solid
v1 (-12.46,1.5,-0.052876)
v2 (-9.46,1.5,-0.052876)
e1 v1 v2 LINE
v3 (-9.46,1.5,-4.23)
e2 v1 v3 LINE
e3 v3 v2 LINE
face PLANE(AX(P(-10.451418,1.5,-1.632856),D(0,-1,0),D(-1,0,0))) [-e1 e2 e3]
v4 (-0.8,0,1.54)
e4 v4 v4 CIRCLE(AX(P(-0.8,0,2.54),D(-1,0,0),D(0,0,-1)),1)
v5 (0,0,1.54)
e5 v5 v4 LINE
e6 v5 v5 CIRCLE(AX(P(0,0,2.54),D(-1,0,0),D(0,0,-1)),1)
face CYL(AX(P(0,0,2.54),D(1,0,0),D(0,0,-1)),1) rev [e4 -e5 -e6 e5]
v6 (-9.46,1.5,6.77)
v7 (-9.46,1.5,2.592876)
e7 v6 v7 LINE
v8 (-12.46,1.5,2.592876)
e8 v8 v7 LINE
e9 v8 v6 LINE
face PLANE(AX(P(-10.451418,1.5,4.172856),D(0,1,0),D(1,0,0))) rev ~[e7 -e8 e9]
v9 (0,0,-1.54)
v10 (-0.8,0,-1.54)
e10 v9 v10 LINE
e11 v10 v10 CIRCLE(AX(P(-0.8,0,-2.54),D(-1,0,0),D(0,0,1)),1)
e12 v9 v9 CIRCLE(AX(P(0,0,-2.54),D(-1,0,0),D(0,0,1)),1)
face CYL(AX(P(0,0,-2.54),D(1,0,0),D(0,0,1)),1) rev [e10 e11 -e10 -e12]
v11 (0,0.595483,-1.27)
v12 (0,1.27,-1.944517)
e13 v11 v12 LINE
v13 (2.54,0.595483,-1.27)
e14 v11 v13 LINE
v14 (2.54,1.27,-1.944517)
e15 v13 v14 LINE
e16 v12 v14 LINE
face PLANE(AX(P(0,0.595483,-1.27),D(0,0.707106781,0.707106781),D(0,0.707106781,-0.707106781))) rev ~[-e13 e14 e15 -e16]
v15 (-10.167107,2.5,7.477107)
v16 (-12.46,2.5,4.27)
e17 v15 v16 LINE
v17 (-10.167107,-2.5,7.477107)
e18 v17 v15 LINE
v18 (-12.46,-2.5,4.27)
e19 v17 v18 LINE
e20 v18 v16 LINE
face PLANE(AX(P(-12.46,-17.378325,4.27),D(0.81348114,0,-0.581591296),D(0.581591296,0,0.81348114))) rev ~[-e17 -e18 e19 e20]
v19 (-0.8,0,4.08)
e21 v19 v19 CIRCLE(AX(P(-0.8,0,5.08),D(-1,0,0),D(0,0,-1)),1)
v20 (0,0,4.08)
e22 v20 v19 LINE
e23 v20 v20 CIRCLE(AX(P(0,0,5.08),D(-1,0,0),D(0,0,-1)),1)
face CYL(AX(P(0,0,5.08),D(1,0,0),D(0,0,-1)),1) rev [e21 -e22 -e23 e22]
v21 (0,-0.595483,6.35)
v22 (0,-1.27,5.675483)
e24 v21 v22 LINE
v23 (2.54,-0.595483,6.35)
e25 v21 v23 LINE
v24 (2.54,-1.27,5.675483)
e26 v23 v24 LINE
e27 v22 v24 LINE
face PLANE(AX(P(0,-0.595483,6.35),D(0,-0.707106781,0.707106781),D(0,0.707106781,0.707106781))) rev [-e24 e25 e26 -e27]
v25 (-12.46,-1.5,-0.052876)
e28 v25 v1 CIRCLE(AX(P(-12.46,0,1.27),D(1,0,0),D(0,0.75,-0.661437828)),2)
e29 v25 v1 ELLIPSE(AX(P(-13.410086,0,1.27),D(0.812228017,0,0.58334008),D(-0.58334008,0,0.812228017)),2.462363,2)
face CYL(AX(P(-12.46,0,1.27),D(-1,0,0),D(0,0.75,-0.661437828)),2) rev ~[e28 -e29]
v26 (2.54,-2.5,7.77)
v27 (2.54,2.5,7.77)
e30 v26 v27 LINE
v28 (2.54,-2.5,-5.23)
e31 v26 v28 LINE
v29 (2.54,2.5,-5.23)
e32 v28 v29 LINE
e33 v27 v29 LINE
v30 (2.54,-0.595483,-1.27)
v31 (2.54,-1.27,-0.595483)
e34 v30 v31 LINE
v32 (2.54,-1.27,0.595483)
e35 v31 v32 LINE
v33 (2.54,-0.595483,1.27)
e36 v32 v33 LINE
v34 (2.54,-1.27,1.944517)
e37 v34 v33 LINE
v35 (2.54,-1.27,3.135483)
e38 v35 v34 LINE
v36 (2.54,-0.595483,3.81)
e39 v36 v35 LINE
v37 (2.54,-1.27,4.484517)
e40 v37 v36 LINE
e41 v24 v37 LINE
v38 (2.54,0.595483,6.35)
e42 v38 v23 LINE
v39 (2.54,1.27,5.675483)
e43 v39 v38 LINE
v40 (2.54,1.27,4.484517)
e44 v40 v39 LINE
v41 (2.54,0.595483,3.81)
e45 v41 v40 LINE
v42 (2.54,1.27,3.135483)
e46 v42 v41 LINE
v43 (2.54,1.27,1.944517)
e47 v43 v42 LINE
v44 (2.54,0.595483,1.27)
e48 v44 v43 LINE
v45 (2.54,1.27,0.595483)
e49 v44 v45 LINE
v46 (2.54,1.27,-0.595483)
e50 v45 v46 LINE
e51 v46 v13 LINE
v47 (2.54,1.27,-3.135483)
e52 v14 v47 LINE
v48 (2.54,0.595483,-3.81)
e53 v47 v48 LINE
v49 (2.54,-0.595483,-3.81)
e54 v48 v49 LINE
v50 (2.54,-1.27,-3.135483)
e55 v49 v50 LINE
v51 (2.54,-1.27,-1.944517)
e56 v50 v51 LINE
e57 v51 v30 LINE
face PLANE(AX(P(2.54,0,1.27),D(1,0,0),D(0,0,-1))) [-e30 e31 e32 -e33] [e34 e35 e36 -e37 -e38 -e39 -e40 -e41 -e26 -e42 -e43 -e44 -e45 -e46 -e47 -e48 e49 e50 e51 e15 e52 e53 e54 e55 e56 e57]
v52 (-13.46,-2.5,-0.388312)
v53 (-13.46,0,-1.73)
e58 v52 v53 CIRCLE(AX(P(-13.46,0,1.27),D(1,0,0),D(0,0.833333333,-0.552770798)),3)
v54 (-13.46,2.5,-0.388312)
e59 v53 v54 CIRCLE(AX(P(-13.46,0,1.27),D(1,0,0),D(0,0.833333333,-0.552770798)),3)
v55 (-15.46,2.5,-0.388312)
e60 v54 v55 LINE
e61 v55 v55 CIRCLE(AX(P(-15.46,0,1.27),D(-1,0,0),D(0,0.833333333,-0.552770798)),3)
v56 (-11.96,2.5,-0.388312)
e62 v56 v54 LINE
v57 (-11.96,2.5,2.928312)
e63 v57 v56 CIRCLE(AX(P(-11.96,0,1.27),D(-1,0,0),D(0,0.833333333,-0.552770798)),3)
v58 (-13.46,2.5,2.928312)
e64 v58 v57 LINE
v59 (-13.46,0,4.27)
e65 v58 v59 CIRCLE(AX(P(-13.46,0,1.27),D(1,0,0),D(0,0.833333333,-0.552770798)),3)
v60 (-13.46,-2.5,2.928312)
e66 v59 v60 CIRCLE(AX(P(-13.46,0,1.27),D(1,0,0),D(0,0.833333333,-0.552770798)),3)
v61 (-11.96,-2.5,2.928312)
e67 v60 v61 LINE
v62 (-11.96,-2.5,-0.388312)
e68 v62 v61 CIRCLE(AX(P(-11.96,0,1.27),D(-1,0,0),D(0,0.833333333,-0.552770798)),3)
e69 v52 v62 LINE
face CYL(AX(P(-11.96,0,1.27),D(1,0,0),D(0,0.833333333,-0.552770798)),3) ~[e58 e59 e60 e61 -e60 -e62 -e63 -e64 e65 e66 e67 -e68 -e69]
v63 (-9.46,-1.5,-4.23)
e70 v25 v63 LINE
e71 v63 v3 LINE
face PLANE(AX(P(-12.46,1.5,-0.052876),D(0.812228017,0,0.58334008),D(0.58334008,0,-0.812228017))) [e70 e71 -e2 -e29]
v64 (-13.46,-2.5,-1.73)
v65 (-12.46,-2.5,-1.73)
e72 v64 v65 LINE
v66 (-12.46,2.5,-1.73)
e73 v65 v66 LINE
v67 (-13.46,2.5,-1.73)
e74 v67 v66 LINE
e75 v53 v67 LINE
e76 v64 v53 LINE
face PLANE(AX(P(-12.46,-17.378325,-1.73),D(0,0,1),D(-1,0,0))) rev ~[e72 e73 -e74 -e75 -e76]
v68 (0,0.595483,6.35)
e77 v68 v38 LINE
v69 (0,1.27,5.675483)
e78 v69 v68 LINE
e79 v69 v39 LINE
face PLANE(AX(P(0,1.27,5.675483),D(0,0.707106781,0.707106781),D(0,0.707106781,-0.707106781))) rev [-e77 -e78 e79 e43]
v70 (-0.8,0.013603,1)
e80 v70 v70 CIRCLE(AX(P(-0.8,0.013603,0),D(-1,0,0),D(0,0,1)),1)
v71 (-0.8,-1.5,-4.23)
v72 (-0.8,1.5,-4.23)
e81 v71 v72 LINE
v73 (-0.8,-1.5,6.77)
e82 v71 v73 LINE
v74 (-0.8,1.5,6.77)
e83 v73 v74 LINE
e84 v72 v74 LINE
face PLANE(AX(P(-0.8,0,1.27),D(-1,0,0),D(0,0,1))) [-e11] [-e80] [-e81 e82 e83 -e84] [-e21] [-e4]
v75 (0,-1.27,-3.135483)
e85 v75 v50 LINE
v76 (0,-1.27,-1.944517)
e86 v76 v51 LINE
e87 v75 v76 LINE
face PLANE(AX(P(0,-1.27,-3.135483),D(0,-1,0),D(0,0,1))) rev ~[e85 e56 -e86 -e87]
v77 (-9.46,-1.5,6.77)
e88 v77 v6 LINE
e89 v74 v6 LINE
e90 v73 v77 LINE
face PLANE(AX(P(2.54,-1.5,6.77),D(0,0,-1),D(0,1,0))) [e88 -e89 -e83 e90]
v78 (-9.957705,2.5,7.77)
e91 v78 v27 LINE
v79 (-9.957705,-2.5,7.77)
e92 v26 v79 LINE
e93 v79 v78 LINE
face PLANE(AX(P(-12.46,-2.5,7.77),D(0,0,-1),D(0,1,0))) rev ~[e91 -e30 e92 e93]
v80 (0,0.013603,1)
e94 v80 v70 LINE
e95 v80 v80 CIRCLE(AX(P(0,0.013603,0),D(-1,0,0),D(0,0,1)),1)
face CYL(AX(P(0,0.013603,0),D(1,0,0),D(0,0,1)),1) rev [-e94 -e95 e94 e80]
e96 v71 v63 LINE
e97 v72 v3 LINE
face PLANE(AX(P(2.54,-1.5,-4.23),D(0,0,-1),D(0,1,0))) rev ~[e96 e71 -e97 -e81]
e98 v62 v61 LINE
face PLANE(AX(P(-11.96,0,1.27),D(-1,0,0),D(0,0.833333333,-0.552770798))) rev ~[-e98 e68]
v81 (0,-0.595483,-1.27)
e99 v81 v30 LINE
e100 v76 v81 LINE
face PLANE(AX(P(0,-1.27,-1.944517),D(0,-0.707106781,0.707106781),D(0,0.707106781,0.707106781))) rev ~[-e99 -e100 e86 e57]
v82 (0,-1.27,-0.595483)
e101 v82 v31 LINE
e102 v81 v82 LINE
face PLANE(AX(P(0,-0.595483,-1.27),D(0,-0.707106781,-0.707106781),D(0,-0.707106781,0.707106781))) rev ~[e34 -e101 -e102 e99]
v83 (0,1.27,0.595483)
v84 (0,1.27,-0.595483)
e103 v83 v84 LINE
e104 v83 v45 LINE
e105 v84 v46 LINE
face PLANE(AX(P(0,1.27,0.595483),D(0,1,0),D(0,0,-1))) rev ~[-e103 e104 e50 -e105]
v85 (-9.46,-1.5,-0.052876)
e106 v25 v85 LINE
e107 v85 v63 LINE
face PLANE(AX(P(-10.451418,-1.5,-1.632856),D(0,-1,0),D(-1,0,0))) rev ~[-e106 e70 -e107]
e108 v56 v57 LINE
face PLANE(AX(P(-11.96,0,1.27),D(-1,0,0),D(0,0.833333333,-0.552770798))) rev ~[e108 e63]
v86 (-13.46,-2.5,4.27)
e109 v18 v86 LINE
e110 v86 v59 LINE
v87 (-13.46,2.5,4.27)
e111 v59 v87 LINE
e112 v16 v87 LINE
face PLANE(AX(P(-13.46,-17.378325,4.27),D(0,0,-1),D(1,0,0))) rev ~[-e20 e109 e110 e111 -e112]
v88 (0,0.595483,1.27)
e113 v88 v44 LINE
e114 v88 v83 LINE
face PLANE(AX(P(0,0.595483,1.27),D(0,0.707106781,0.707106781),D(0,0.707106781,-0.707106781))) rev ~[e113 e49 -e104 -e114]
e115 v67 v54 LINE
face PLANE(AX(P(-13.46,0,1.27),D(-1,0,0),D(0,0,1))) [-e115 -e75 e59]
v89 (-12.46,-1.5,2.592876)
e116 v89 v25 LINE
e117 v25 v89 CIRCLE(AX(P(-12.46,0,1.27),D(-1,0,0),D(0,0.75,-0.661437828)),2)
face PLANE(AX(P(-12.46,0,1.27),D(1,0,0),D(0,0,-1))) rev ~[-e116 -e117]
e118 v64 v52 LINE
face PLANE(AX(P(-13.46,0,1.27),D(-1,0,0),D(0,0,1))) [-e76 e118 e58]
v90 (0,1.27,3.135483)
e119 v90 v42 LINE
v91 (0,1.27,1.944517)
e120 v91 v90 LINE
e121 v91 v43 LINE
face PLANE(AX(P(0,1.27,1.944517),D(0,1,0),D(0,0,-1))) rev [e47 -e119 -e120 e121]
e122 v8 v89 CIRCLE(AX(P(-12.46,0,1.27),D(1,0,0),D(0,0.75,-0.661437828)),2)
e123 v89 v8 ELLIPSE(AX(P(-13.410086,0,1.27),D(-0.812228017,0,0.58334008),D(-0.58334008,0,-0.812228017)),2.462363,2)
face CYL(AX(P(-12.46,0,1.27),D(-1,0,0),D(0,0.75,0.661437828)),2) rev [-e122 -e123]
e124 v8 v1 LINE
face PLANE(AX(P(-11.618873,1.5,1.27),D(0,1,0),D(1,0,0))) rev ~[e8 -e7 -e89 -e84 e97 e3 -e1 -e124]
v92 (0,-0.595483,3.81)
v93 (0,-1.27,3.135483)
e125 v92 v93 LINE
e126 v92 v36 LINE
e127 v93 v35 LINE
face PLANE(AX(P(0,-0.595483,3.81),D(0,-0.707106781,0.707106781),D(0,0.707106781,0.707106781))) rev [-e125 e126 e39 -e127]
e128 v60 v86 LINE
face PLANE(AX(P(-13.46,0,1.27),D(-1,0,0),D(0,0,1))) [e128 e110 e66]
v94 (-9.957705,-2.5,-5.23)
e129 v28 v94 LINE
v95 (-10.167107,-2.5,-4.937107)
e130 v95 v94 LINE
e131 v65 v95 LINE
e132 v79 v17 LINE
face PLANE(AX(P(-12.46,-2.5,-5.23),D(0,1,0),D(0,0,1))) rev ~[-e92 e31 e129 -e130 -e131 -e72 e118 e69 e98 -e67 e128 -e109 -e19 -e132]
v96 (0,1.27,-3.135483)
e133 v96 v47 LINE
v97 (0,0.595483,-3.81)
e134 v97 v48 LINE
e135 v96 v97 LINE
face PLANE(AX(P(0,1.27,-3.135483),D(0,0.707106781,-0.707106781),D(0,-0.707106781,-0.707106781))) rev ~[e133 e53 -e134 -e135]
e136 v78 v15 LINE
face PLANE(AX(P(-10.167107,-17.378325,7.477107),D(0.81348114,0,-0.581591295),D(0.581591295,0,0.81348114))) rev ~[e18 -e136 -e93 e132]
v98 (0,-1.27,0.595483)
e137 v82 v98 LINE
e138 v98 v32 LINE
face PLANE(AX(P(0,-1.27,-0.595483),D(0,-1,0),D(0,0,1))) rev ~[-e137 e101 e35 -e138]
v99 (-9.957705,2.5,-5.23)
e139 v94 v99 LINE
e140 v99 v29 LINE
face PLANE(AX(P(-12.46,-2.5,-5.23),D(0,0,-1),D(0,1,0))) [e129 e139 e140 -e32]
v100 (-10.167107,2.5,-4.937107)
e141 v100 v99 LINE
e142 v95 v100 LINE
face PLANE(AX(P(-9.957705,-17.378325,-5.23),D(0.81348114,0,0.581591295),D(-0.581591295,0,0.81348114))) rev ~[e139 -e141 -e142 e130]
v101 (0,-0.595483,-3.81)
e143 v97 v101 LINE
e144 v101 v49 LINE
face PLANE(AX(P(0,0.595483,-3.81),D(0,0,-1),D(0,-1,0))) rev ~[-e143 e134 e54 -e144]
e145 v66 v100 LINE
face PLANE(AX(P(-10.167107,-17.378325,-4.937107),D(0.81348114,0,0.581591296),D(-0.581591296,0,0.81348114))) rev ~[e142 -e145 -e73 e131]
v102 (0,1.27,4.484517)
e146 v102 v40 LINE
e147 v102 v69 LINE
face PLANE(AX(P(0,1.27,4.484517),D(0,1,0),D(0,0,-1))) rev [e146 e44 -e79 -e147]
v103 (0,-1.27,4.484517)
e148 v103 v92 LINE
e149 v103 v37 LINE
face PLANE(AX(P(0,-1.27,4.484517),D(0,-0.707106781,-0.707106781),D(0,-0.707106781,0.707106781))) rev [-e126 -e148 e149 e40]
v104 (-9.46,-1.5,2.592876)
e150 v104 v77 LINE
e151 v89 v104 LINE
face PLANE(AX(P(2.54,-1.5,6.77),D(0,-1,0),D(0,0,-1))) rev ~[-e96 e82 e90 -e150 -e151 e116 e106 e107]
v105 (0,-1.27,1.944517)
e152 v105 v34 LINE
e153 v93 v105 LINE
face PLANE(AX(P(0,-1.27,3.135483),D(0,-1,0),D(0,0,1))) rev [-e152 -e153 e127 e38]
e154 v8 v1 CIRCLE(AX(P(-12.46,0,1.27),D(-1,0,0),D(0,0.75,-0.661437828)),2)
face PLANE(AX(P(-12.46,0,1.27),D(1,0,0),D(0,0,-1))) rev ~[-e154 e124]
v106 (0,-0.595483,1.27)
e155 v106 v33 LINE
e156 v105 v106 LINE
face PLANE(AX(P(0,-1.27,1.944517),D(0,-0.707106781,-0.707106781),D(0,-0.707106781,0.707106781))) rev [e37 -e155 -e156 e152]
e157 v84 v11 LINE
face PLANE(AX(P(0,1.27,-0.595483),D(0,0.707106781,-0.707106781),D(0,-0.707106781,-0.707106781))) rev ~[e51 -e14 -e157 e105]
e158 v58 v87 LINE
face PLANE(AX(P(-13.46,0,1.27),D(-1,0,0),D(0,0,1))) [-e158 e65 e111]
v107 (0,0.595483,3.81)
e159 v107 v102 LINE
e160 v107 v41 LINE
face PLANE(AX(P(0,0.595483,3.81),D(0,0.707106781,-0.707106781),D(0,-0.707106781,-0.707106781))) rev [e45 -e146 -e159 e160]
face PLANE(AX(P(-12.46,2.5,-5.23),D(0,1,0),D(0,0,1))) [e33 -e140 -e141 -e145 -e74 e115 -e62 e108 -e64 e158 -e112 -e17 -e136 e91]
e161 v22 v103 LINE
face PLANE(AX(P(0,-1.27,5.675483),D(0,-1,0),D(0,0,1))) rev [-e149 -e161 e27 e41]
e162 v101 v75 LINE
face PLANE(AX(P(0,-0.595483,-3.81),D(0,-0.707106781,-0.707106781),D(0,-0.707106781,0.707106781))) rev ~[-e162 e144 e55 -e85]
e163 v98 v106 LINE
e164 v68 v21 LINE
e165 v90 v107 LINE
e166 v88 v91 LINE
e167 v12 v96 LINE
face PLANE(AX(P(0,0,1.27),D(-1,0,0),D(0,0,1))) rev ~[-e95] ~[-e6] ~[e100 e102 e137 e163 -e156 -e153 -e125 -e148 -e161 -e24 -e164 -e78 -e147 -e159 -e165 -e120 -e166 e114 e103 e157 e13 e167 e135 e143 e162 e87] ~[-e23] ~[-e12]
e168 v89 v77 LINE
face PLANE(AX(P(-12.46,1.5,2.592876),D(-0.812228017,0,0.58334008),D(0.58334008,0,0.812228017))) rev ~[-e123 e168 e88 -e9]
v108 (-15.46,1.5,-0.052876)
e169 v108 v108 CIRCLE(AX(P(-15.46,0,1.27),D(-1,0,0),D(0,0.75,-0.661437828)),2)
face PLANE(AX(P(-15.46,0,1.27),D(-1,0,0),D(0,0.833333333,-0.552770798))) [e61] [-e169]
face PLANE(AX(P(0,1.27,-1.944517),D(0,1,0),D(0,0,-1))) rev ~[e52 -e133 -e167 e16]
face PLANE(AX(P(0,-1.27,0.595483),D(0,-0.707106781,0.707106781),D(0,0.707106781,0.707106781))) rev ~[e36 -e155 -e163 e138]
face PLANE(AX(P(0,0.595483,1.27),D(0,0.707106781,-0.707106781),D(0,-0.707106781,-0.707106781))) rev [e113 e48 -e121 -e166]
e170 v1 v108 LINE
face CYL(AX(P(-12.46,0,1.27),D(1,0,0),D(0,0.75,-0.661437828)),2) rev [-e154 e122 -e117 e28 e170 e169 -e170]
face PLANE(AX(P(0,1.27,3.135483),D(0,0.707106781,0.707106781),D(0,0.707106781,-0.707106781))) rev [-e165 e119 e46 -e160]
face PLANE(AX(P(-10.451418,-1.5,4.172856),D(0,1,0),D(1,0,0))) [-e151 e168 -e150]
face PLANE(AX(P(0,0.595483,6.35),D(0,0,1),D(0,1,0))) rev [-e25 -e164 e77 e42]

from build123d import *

# Parameters (mm, degrees)
CROQUIS1_W                     = 0.64
CROQUIS1_H                     = 0.64
SALIENTE_EXTRUIR1_DEPTH        = 2.54
SALIENTE_EXTRUIR2_DEPTH        = 8.54
SALIENTE_EXTRUIR2_DEPTH_BACK   = 3
CROQUIS3_W                     = 0.64
CROQUIS3_H                     = 0.64
SALIENTE_EXTRUIR2_2_DEPTH      = 8.54
SALIENTE_EXTRUIR2_2_DEPTH_BACK = 3
CHAFL_N1_SIZE                  = 0.2
CHAFL_N2_SIZE                  = 0.2
CROQUIS1_4_W                   = 11
CROQUIS1_4_H                   = 3
BOSS_EXTRUDE6_DEPTH            = 2.54
SKETCH6_W                      = 11
SKETCH6_H                      = 3
SKETCH6_R                      = 1
BOSS_EXTRUDE11_DEPTH           = 0.8
SKETCH7_W                      = 13
SKETCH7_H                      = 5
SKETCH7_W_2                    = 11
SKETCH7_H_2                    = 3
BOSS_EXTRUDE12_DEPTH           = 15
SKETCH8_W                      = 13
SKETCH8_H                      = 5
SKETCH8_R                      = 2
BOSS_EXTRUDE13_DEPTH           = 1
BOSS_EXTRUDE15_DEPTH           = 2
BOSS_EXTRUDE15_DEPTH_BACK      = 1.5
SKETCH9_R                      = 3
SKETCH9_R_2                    = 2
SKETCH10_W                     = 0.5
SKETCH10_H                     = 1.275200555
CUT_EXTRUDE2_DEPTH             = 3
BOSS_EXTRUDE20_DEPTH           = 3
CUT_EXTRUDE3_DEPTH             = 3
CUT_EXTRUDE5_DEPTH             = 18.878324866
CUT_EXTRUDE5_DEPTH_BACK        = 18.878324866


with BuildPart() as part:
    # Croquis1 → Saliente-Extruir1 (new body)
    # profile 1 of 2: a face of its own
    with BuildSketch(Plane(origin=(0, 0, 0), x_dir=(0, 0, -1), z_dir=(1, 0, 0))):
        Polygon((1.27, 0.595482683), (1.27, -0.595482683), (0.595482683, -1.27), (-0.595482683, -1.27), (-1.27, -0.595482683), (-1.27, 0.595482683), (-0.595482683, 1.27), (0.595482683, 1.27), align=None)
        Rectangle(CROQUIS1_W, CROQUIS1_H, mode=Mode.SUBTRACT)
    # profile 2 of 2: a face of its own
    with BuildSketch(Plane(origin=(0, 0, 0), x_dir=(0, 0, -1), z_dir=(1, 0, 0))):
        Polygon((3.135482683, 1.27), (3.81, 0.595482683), (3.81, -0.595482683), (3.135482683, -1.27), (1.944517317, -1.27), (1.27, -0.595482683), (1.27, 0.595482683), (1.944517317, 1.27), align=None)
        with Locations((2.54, 0)):
            Rectangle(CROQUIS1_W, CROQUIS1_H, mode=Mode.SUBTRACT)
    extrude(amount=SALIENTE_EXTRUIR1_DEPTH)

    # Mirror5: part across plane


with BuildPart() as body_2:
    # Croquis3 → Saliente-Extruir2 (new, two sides: drawn at the far end of the back side and taken through both)
    with BuildSketch(Plane(origin=(0, 0, 0), x_dir=(0, 0, -1), z_dir=(1, 0, 0)).offset(-SALIENTE_EXTRUIR2_DEPTH_BACK)):
        Rectangle(CROQUIS3_W, CROQUIS3_H)
    extrude(amount=SALIENTE_EXTRUIR2_DEPTH + SALIENTE_EXTRUIR2_DEPTH_BACK)

    # Chaflán1
    chafl_n1_edges = [body_2.edges().sort_by_distance(p)[0] for p in [
        (-3, 0, -0.32),
        (8.54, 0, 0.32),
        (8.54, -0.32, 0),
        (-3, 0.32, 0),
        (8.54, 0, -0.32),
        (8.54, 0.32, 0),
        (-3, 0, 0.32),
        (-3, -0.32, 0),
    ]]
    chamfer(chafl_n1_edges, length=CHAFL_N1_SIZE)


with BuildPart() as body_3:
    # Croquis3 → Saliente-Extruir2 2 (new, two sides: drawn at the far end of the back side and taken through both)
    with BuildSketch(Plane(origin=(0, 0, 0), x_dir=(0, 0, -1), z_dir=(1, 0, 0)).offset(-SALIENTE_EXTRUIR2_2_DEPTH_BACK)):
        with Locations((2.54, 0)):
            Rectangle(CROQUIS3_W, CROQUIS3_H)
    extrude(amount=SALIENTE_EXTRUIR2_2_DEPTH + SALIENTE_EXTRUIR2_2_DEPTH_BACK)

    # Chaflán2
    chafl_n2_edges = [body_3.edges().sort_by_distance(p)[0] for p in [
        (-3, 0, -2.86),
        (8.54, 0, -2.22),
        (8.54, -0.32, -2.54),
        (-3, 0.32, -2.54),
        (8.54, 0, -2.86),
        (8.54, 0.32, -2.54),
        (-3, 0, -2.22),
        (-3, -0.32, -2.54),
    ]]
    chamfer(chafl_n2_edges, length=CHAFL_N2_SIZE)


with BuildPart() as body_4:
    # Mirror3: mirrored copy
    add(body_2.part.mirror(Plane(origin=(2.54, 0, 1.27), x_dir=(1, 0, 0), z_dir=(0, 0, -1))))


with BuildPart() as body_5:
    # Mirror3 2: mirrored copy
    add(body_3.part.mirror(Plane(origin=(2.54, 0, 1.27), x_dir=(1, 0, 0), z_dir=(0, 0, -1))))


with BuildPart() as part_1:
    add(part.part)
    add(part.part.mirror(Plane(origin=(2.54, 0, 1.27), x_dir=(1, 0, 0), z_dir=(0, 0, -1))))


with BuildPart() as body_6:
    # Croquis1<4> → Boss-Extrude6 (new body)
    with BuildSketch(Plane(origin=(0, 0, 0), x_dir=(0, 0, -1), z_dir=(1, 0, 0))):
        with Locations((-1.27, 0)):
            Rectangle(CROQUIS1_4_W, CROQUIS1_4_H)
        Polygon((1.944517317, 1.27), (3.135482683, 1.27), (3.81, 0.595482683), (3.81, -0.595482683), (3.135482683, -1.27), (1.944517317, -1.27), (1.27, -0.595482683), (0.595482683, -1.27), (-0.595482683, -1.27), (-1.27, -0.595482683), (-1.27, 0.595482683), (-0.595482683, 1.27), (0.595482683, 1.27), (1.27, 0.595482683), align=None, mode=Mode.SUBTRACT)
    extrude(amount=BOSS_EXTRUDE6_DEPTH)

    # Combine5: cut body 2, body 3, body 4, body 5, part
    add(body_2.part, mode=Mode.SUBTRACT)
    add(body_3.part, mode=Mode.SUBTRACT)
    add(body_4.part, mode=Mode.SUBTRACT)
    add(body_5.part, mode=Mode.SUBTRACT)
    add(part_1.part, mode=Mode.SUBTRACT)

    # Sketch6 → Boss-Extrude11 (add)
    with BuildSketch(Plane.ZY):
        with Locations((1.27, 0)):
            Rectangle(SKETCH6_W, SKETCH6_H)
        with Locations((-2.54, 0)):
            Circle(SKETCH6_R, mode=Mode.SUBTRACT)
        with Locations((0, 0.013602928)):
            Circle(SKETCH6_R, mode=Mode.SUBTRACT)
        with Locations(Location((2.54, 0, 0), (0, 0, 180))):
            Circle(SKETCH6_R, mode=Mode.SUBTRACT)
        with Locations(Location((5.08, 0, 0), (0, 0, 180))):
            Circle(SKETCH6_R, mode=Mode.SUBTRACT)
    extrude(amount=BOSS_EXTRUDE11_DEPTH)

    # Sketch7 → Boss-Extrude12 (add)
    with BuildSketch(Plane(origin=(2.54, 0, 0), x_dir=(0, 0, -1), z_dir=(1, 0, 0))):
        with Locations((-1.27, 0)):
            Rectangle(SKETCH7_W, SKETCH7_H)
        with Locations((-1.27, 0)):
            Rectangle(SKETCH7_W_2, SKETCH7_H_2, mode=Mode.SUBTRACT)
    extrude(amount=-BOSS_EXTRUDE12_DEPTH)

    # Sketch8 → Boss-Extrude13 (add)
    with BuildSketch(Plane.ZY.offset(12.46)):
        with Locations((1.27, 0)):
            Rectangle(SKETCH8_W, SKETCH8_H)
        with Locations(Location((1.27, 0, 0), (0, 0, 131.409622109))):
            Circle(SKETCH8_R, mode=Mode.SUBTRACT)
    extrude(amount=BOSS_EXTRUDE13_DEPTH)

    # Sketch9 → Boss-Extrude15 (add, two sides: drawn at the far end of the back side and taken through both)
    with BuildSketch(Plane.ZY.offset(13.46).offset(-BOSS_EXTRUDE15_DEPTH_BACK)):
        with Locations(Location((1.27, 0, 0), (0, 0, 123.557309762))):
            Circle(SKETCH9_R)
        with Locations(Location((1.27, 0, 0), (0, 0, 131.409622109))):
            Circle(SKETCH9_R_2, mode=Mode.SUBTRACT)
    extrude(amount=BOSS_EXTRUDE15_DEPTH + BOSS_EXTRUDE15_DEPTH_BACK)

    # Sketch10 → Cut-Extrude2 (cut)
    with BuildSketch(Plane(origin=(0, -1.5, 0), x_dir=(1, 0, 0), z_dir=(0, 1, 0))):
        Polygon((-12.46, -3.868076211), (-12.46, -4.27), (-11.96, -4.27), (-10.789863612, -4.27), (-10.789863612, 1.73), (-12.46, 1.73), (-12.46, 1.328076211), (-11.96, 1.328076211), (-11.96, 0.052875656), (-12.46, 0.052875656), (-12.46, -2.592875656), (-11.96, -2.592875656), (-11.96, -3.868076211), align=None)
        with Locations((-12.21, -3.230475934)):
            Rectangle(SKETCH10_W, SKETCH10_H)
        with Locations((-12.21, 0.690475934)):
            Rectangle(SKETCH10_W, SKETCH10_H)
    extrude(amount=CUT_EXTRUDE2_DEPTH, mode=Mode.SUBTRACT)

    # Sketch15 → Boss-Extrude20 (add)
    with BuildSketch(Plane(origin=(-12.46, 0, 0), x_dir=(0, 0, -1), z_dir=(1, 0, 0))):
        with BuildLine():
            Line((4.23, -1.5), (4.23, 1.5))
            Line((4.23, 1.5), (0.052875656, 1.5))
            ThreePointArc((0.052875656, 1.5), (0.73, 0), (0.052875656, -1.5))
            Line((0.052875656, -1.5), (4.23, -1.5))
        make_face()
        with BuildLine():
            Line((-2.592875656, -1.5), (-6.77, -1.5))
            Line((-6.77, -1.5), (-6.77, 1.5))
            Line((-6.77, 1.5), (-2.592875656, 1.5))
            ThreePointArc((-2.592875656, 1.5), (-3.27, 0), (-2.592875656, -1.5))
        make_face()
    extrude(amount=BOSS_EXTRUDE20_DEPTH)

    # Sketch16 → Cut-Extrude3 (cut)
    with BuildSketch(Plane(origin=(0, 1.5, 0), x_dir=(1, 0, 0), z_dir=(0, 1, 0))):
        Polygon((-9.46, -2.592875656), (-12.46, -2.592875656), (-9.46, -6.77), align=None)
        Polygon((-12.46, 0.052875656), (-9.46, 4.23), (-9.46, 0.052875656), align=None)
    extrude(amount=-CUT_EXTRUDE3_DEPTH, mode=Mode.SUBTRACT)

    # Sketch19 → Cut-Extrude5 (cut, two sides: drawn at the far end of the back side and taken through both)
    with BuildSketch(Plane(origin=(0, 1.5, 0), x_dir=(1, 0, 0), z_dir=(0, 1, 0)).offset(-CUT_EXTRUDE5_DEPTH_BACK)):
        Polygon((-13.46, 5.23), (-9.957705311, 5.23), (-10.167106781, 4.937106781), (-12.46, 1.73), (-13.46, 1.73), align=None)
        Polygon((-13.46, -4.27), (-12.46, -4.27), (-10.167106781, -7.477106781), (-9.957705311, -7.77), (-13.46, -7.77), align=None)
    extrude(amount=CUT_EXTRUDE5_DEPTH + CUT_EXTRUDE5_DEPTH_BACK, mode=Mode.SUBTRACT)


solid = body_6.part
